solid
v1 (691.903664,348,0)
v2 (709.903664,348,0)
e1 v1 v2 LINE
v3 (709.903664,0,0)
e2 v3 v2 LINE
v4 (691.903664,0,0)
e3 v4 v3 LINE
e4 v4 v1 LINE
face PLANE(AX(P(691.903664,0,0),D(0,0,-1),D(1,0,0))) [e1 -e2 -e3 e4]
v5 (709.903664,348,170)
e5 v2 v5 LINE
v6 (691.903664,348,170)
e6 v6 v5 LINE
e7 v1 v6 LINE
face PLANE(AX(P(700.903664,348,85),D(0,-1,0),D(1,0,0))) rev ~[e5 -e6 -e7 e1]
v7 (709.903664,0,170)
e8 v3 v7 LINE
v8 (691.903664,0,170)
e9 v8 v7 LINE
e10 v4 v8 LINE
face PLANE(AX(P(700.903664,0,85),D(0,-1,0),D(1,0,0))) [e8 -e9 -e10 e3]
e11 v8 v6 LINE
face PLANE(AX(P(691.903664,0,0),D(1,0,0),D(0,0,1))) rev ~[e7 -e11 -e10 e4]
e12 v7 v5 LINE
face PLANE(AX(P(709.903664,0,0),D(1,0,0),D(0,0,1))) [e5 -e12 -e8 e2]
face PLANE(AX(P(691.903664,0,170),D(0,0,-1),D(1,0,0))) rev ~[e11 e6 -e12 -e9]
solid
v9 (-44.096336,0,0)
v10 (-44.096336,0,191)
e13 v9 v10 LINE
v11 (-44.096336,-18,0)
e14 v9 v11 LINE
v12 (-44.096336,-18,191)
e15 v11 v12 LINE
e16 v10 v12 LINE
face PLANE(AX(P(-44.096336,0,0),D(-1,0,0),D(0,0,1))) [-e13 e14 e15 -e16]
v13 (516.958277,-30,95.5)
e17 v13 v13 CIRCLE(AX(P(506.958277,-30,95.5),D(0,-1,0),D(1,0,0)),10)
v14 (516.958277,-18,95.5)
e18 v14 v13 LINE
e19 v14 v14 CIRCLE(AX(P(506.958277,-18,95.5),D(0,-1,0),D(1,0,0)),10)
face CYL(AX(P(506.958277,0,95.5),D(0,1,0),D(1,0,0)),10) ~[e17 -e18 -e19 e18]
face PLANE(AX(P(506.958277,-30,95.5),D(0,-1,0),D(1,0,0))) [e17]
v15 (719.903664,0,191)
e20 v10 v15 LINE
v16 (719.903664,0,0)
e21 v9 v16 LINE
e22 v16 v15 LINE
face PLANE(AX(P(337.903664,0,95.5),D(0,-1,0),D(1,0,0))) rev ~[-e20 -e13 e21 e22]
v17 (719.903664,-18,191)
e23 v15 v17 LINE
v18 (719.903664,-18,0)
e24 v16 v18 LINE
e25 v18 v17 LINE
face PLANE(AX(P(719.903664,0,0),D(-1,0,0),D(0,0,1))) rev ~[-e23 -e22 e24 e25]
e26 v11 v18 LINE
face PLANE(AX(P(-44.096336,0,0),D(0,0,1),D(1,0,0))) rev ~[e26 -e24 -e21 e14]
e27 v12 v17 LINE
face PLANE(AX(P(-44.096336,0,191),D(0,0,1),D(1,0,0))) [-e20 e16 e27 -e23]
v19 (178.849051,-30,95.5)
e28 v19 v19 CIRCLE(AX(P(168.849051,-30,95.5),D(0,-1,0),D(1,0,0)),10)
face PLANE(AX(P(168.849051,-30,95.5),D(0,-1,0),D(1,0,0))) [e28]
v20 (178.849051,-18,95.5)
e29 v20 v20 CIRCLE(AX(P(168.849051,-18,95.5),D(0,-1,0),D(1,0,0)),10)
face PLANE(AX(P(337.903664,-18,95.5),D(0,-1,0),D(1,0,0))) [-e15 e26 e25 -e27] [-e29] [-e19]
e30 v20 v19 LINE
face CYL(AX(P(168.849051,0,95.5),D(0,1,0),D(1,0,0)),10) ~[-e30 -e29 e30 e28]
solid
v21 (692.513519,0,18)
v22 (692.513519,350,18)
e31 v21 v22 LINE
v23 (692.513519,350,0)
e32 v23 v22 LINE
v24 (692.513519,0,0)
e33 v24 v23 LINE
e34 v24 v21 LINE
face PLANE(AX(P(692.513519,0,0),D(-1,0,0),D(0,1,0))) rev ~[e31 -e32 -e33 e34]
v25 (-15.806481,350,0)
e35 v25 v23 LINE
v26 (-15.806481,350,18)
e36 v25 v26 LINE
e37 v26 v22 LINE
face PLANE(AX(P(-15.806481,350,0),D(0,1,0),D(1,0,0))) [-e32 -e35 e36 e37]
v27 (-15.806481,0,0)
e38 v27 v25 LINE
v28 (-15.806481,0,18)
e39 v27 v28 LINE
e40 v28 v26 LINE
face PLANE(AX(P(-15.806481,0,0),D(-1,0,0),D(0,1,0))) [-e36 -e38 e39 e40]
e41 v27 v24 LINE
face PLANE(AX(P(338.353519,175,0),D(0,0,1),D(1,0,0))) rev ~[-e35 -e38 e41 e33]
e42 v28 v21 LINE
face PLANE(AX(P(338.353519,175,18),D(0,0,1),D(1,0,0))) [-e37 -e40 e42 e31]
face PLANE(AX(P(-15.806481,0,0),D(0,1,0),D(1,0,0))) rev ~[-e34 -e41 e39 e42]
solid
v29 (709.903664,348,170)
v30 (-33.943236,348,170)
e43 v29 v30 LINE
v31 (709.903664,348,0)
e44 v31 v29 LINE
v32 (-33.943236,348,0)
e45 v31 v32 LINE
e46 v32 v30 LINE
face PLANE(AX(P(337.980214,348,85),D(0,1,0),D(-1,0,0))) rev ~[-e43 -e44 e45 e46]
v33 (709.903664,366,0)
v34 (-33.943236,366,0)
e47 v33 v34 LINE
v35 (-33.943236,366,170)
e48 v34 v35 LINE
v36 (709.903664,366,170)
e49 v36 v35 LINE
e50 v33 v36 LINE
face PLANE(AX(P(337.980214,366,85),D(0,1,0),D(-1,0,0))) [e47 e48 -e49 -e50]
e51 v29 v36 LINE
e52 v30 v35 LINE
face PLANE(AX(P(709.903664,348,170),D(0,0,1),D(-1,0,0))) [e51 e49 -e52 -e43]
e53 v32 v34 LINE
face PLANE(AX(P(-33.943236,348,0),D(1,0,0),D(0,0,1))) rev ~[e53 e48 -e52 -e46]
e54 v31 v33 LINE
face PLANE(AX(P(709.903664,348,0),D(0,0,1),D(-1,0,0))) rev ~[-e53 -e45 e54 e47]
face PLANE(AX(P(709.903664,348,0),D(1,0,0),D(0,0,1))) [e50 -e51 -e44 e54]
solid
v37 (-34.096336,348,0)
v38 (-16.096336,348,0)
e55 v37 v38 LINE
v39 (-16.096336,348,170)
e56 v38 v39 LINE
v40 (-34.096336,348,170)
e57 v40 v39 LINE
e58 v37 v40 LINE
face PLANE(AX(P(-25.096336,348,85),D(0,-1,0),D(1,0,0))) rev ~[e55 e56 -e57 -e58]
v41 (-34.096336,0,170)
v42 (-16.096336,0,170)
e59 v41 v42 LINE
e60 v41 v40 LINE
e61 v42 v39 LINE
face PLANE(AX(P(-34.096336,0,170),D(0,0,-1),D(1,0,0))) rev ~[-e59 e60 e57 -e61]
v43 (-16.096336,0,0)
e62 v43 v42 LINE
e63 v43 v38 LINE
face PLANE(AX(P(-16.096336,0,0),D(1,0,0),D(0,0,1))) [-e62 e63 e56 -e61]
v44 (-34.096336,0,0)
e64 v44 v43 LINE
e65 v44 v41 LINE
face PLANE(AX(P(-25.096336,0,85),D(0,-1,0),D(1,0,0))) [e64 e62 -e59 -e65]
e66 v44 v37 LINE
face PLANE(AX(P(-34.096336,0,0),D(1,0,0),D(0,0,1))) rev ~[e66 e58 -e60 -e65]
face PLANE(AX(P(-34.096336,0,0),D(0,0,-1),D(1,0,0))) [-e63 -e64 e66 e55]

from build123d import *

# Parameters (mm, degrees)
F0_W     = 764
F0_H     = 191
F0_R     = 10
F1_DEPTH = 18
F2_DEPTH = 30
F3_W     = 18
F3_H     = 170
F4_DEPTH = 348
F5_W     = 743.8469
F5_H     = 170
F6_DEPTH = 18
F7_W     = 708.32
F7_H     = 350
F8_DEPTH = 18


with BuildPart() as f1:
    # F0 (on Front) → F1 (new body)
    with BuildSketch(Plane.XZ):
        with Locations((337.903664, 95.5)):
            Rectangle(F0_W, F0_H)
        with Locations((168.849051, 95.5)):
            Circle(F0_R, mode=Mode.SUBTRACT)
        with Locations((506.958277, 95.5)):
            Circle(F0_R, mode=Mode.SUBTRACT)
    extrude(amount=F1_DEPTH)

    # F0 (on Front) → F2 (join)
    with BuildSketch(Plane.XZ):
        with Locations((168.849051, 95.5)):
            Circle(F0_R)
        with Locations((506.958277, 95.5)):
            Circle(F0_R)
    extrude(amount=F2_DEPTH)


with BuildPart() as f4:
    # F3 (on Front) → F4 (new body)
    with BuildSketch(Plane.XZ):
        with Locations((-25.096336, 85)):
            Rectangle(F3_W, F3_H)
        with Locations((700.903664, 85)):
            Rectangle(F3_W, F3_H)
    extrude(amount=-F4_DEPTH)


with BuildPart() as f6:
    # F5 (on face) → F6 (new body)
    with BuildSketch(Plane(origin=(0, 348, 0), x_dir=(-1, 0, 0), z_dir=(0, 1, 0))):
        with Locations((-337.980214, 85)):
            Rectangle(F5_W, F5_H)
    extrude(amount=F6_DEPTH)


with BuildPart() as f8:
    # F7 (on Top) → F8 (new body)
    with BuildSketch(Plane.XY):
        with Locations((338.353519, 175)):
            Rectangle(F7_W, F7_H)
    extrude(amount=F8_DEPTH)


solid = Compound([f1.part, f4.part, f6.part, f8.part])
